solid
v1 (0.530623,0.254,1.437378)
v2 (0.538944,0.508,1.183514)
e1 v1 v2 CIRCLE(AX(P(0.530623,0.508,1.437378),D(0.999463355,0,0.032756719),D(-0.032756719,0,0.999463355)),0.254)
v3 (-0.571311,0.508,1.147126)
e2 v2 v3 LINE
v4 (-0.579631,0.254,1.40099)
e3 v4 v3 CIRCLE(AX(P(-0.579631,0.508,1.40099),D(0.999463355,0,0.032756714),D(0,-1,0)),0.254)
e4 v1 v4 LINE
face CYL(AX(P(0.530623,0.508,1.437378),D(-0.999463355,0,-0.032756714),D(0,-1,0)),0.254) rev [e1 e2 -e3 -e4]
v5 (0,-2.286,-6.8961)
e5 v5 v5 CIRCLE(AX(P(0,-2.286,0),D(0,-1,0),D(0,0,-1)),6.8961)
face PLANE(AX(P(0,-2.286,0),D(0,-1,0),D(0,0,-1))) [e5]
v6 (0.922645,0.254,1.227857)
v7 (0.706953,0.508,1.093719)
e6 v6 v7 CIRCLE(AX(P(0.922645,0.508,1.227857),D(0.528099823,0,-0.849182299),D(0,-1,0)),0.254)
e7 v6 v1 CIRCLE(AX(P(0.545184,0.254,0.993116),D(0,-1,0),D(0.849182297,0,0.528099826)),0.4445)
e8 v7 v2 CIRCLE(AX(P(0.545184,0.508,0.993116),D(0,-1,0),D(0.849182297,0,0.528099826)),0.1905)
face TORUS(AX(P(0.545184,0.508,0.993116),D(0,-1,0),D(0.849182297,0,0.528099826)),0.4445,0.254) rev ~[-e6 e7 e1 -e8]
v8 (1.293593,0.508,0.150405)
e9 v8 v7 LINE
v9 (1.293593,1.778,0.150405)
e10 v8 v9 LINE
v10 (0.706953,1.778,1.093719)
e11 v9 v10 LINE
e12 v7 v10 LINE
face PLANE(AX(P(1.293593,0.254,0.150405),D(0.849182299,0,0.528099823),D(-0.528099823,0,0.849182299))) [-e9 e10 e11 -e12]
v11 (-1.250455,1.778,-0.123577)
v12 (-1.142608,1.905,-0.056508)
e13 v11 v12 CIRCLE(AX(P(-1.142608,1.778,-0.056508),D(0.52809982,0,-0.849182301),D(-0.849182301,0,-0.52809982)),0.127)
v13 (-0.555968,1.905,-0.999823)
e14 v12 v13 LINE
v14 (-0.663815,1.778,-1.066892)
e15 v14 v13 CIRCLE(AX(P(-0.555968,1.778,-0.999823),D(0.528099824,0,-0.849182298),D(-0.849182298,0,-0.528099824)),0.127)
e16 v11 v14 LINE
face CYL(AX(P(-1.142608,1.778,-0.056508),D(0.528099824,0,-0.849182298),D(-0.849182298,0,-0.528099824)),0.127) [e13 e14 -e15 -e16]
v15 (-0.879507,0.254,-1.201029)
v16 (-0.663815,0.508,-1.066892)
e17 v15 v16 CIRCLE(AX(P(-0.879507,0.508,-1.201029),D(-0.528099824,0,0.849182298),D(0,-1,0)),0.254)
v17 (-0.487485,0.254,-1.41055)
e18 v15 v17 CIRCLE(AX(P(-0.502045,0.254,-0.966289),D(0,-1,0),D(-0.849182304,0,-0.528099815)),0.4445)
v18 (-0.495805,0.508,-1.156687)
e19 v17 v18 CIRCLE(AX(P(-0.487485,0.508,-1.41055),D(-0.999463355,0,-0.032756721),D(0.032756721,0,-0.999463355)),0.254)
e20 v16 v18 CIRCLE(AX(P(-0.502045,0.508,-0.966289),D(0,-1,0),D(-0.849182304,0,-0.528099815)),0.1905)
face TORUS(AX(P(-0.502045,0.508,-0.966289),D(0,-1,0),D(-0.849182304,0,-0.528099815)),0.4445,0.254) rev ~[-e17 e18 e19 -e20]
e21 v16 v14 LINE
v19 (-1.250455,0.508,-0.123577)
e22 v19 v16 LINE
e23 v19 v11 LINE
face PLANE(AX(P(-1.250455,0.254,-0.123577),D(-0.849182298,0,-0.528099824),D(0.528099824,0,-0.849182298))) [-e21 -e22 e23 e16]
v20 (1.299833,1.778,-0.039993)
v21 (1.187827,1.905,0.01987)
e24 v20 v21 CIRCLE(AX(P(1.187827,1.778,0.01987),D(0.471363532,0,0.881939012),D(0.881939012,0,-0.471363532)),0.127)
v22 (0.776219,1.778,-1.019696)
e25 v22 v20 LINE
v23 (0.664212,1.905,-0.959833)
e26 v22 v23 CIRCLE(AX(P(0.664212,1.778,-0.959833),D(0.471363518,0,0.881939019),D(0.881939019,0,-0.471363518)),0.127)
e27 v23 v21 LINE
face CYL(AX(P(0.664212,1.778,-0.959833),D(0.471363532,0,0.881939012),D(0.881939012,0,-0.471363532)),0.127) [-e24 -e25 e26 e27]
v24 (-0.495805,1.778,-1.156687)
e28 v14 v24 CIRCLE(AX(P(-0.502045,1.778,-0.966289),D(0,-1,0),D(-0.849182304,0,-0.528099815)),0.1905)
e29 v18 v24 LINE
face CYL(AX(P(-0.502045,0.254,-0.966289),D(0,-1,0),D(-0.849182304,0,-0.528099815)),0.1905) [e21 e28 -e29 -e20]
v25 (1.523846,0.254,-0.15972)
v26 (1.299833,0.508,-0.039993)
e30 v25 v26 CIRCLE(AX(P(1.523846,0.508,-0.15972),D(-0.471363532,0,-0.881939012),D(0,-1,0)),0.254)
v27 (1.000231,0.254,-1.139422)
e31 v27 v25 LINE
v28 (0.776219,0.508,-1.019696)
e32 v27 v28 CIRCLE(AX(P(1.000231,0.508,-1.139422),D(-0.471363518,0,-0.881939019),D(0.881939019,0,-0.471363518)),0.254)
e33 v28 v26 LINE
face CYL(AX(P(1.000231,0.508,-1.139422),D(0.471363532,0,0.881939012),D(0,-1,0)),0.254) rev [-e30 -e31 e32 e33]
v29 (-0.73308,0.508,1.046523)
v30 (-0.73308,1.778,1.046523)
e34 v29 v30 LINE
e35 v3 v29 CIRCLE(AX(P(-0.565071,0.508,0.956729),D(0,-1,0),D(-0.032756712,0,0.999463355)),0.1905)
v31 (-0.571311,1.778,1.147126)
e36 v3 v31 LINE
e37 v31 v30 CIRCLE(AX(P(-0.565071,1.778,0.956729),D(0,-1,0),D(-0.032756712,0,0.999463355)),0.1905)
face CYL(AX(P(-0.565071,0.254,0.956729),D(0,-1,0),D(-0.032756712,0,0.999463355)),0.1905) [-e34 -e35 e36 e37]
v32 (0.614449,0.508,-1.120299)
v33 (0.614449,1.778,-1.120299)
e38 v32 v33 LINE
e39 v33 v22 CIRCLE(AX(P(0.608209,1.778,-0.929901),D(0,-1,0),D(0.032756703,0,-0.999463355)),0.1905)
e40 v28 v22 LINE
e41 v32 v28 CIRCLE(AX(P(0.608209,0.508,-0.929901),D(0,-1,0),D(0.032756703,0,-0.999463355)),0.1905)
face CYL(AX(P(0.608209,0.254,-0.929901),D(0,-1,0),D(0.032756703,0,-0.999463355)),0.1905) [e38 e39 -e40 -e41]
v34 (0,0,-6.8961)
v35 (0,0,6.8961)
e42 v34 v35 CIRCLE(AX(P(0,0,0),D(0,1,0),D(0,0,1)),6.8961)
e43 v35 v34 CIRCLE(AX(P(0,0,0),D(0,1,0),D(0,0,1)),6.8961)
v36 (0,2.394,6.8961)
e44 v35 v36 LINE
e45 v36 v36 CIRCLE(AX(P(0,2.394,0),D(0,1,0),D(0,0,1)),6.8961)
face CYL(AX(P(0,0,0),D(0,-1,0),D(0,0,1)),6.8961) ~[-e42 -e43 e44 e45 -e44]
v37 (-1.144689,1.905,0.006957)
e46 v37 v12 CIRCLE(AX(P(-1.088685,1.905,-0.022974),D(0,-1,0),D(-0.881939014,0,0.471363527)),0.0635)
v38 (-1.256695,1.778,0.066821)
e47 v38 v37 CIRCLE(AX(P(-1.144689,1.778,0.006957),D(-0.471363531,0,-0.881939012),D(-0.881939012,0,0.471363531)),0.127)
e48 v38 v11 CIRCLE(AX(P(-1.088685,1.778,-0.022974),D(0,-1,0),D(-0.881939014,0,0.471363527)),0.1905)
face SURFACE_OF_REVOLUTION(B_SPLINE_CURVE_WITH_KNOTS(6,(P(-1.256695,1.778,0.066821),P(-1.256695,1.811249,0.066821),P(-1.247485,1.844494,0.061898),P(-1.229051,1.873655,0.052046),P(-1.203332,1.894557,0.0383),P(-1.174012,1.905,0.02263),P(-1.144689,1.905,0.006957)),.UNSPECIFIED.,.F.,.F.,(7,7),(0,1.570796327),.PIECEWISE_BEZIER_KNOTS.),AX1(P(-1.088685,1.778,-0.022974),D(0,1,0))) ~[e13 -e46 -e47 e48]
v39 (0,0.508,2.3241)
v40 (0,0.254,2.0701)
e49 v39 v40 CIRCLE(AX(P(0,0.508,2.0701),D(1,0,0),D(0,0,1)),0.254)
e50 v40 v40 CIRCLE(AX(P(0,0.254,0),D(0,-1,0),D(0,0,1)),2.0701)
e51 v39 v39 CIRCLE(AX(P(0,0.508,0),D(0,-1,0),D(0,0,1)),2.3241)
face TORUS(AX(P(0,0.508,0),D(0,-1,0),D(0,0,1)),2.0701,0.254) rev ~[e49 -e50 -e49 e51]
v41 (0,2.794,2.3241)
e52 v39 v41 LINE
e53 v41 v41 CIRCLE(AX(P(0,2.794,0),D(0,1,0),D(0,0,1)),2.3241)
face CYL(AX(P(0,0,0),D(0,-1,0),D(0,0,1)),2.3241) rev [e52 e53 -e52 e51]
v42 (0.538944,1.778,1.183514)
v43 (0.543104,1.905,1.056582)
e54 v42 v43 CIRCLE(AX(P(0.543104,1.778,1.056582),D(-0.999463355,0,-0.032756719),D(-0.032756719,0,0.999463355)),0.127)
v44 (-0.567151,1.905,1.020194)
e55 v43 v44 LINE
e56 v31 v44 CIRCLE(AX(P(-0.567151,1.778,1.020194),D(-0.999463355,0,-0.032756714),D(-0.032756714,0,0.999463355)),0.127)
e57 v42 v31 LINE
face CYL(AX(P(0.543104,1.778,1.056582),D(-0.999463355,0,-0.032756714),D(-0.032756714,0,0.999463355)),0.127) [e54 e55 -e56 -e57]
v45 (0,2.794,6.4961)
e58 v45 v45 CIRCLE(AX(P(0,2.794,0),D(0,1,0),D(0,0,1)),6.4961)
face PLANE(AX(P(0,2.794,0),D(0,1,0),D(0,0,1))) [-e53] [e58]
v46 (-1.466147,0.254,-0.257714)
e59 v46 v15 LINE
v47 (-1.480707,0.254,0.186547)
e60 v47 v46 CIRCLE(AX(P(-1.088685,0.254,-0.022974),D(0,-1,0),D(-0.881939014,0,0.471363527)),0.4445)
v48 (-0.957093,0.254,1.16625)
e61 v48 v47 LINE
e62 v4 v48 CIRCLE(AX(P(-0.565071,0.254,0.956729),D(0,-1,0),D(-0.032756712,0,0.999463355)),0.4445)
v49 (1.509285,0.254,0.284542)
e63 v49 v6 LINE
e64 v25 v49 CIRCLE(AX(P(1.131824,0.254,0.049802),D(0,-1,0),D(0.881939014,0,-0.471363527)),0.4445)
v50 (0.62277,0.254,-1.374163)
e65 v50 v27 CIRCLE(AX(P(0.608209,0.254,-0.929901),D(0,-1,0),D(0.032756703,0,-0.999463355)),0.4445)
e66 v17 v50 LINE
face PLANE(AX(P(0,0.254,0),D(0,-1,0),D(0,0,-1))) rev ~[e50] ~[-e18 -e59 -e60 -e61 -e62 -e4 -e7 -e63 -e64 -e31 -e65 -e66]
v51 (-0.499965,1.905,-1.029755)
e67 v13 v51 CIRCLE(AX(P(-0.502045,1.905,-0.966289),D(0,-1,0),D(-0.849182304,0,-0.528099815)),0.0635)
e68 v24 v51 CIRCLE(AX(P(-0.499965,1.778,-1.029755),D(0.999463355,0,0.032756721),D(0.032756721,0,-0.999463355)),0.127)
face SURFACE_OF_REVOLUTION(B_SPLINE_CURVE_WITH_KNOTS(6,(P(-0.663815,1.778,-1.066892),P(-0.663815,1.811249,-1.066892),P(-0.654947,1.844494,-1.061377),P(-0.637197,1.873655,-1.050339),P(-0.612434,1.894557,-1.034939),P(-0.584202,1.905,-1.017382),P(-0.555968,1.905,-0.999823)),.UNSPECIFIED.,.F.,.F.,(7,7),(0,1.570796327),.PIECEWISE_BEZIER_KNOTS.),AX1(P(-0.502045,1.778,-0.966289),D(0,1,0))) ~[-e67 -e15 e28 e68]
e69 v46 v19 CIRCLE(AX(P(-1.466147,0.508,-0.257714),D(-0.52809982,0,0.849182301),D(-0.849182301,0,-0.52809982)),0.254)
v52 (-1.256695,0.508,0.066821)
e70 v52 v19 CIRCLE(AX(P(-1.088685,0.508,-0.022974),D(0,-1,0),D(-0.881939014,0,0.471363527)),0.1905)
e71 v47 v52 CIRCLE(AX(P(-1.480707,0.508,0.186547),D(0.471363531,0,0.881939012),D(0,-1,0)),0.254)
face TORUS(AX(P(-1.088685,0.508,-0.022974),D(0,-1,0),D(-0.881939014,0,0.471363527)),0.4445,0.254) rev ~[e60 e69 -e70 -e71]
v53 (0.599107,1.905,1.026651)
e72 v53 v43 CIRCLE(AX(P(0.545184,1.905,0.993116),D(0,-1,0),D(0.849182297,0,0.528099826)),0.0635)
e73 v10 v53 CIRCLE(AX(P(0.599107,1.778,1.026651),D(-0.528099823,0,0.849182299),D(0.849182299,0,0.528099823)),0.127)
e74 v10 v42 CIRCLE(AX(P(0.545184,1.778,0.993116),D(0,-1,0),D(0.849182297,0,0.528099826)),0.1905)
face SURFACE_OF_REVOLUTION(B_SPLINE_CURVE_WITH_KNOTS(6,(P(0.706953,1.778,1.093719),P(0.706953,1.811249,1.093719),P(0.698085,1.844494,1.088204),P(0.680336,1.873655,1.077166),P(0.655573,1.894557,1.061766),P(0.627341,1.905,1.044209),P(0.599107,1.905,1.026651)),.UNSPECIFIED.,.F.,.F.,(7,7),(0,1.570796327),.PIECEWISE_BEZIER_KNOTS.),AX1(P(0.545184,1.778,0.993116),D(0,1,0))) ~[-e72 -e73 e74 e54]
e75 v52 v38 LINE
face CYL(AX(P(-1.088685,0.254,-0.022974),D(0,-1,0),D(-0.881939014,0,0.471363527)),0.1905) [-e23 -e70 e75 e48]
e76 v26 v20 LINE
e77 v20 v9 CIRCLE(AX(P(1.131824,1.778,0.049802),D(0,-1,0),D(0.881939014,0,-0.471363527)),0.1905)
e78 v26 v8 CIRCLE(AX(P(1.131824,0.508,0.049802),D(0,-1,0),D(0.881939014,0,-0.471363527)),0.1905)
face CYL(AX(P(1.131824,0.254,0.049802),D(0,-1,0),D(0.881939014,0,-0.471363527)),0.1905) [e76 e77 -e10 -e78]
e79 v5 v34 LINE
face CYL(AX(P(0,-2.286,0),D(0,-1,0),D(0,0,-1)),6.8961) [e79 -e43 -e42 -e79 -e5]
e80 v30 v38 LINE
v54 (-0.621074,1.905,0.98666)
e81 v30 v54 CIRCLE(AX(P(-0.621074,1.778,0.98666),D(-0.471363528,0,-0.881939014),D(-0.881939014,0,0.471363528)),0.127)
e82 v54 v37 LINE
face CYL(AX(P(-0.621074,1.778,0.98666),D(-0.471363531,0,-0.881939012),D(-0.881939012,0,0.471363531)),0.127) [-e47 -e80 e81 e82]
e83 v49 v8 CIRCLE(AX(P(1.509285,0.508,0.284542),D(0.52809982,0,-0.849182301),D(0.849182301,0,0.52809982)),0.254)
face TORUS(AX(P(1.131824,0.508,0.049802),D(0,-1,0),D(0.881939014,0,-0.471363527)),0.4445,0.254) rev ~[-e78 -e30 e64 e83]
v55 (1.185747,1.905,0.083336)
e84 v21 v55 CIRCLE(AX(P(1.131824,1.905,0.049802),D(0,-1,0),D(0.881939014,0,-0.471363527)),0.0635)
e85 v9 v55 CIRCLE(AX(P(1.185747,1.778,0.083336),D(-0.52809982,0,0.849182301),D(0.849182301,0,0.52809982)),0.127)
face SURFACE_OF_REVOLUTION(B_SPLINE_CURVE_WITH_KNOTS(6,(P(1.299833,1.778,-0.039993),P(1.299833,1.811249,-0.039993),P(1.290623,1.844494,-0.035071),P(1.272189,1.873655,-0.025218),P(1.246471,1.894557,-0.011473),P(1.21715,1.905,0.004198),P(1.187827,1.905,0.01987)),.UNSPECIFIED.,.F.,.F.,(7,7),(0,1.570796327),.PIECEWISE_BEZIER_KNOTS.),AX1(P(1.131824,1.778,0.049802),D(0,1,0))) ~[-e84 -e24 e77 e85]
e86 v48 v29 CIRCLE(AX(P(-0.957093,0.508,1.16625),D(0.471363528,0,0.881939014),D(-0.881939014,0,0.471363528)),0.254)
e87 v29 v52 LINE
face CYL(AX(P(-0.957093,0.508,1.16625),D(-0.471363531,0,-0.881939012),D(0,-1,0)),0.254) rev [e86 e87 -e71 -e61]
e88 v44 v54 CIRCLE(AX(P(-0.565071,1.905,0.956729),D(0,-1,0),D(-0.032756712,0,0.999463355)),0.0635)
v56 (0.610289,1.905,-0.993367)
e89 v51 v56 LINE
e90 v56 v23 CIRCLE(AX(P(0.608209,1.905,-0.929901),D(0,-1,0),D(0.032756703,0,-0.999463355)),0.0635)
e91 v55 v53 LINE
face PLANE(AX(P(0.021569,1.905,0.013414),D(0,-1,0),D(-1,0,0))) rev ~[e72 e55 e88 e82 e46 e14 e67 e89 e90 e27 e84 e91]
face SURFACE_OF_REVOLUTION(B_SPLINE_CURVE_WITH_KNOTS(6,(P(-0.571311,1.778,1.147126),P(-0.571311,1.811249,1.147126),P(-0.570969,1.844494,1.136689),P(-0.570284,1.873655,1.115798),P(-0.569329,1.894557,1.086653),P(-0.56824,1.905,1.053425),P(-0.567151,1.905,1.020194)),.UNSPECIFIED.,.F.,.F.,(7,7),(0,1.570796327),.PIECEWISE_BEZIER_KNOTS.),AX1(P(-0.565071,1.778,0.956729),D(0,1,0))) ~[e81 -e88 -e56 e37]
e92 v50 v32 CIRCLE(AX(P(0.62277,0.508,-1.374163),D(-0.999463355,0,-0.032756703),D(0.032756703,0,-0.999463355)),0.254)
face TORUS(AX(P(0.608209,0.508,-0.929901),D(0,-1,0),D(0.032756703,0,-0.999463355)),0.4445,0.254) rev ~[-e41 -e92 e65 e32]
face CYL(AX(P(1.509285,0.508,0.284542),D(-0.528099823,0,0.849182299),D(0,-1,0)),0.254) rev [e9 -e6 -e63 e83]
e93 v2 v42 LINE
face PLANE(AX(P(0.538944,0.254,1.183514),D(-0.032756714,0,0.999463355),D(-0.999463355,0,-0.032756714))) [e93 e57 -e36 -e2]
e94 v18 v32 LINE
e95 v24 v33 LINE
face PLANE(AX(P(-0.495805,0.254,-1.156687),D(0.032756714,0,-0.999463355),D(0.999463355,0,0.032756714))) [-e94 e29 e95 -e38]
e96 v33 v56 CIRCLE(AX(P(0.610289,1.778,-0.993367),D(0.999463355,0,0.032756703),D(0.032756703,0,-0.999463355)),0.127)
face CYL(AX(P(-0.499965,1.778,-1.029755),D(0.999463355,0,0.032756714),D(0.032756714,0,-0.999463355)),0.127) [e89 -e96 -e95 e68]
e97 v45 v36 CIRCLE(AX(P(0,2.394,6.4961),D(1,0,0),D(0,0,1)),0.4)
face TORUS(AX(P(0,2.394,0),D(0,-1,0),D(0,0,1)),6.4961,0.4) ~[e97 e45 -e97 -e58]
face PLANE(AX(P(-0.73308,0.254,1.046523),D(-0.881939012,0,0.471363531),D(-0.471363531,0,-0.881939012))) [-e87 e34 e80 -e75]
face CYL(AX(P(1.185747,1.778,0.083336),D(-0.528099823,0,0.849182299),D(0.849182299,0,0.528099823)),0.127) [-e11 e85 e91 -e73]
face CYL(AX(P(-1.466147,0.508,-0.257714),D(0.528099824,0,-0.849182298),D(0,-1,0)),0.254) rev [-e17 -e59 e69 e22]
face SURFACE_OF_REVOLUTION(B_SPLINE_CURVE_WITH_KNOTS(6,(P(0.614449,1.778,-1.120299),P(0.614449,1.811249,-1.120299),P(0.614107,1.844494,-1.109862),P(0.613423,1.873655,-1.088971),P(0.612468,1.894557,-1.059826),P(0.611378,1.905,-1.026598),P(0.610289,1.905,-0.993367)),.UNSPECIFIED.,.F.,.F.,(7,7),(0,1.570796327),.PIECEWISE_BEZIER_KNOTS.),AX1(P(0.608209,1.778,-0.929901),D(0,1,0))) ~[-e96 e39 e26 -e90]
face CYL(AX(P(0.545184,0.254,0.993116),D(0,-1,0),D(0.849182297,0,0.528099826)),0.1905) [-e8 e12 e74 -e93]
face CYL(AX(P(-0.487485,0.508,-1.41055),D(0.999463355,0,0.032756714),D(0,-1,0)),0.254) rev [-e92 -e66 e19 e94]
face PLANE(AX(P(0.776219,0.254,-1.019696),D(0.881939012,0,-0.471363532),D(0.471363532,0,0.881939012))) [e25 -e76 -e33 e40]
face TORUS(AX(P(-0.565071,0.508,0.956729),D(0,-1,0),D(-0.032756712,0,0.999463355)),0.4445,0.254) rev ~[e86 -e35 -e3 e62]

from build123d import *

# Parameters (mm, degrees)
SKETCH1_R           = 6.8961
SKETCH1_R_2         = 2.3241
BOSS_EXTRUDE1_DEPTH = 2.794
SKETCH2_R           = 2.3241
BOSS_EXTRUDE2_DEPTH = 0.254
BOSS_EXTRUDE3_DEPTH = 1.651
BOSS_EXTRUDE4_START = 2.286
SKETCH4_R           = 6.8961
BOSS_EXTRUDE4_DEPTH = 2.286
FILLET1_R           = 0.254
FILLET2_R           = 0.127
FILLET3_R           = 0.4


with BuildPart() as part:
    # Sketch1 → Boss-Extrude1 (new body)
    with BuildSketch(Plane(origin=(0, 0, 0), x_dir=(1, 0, 0), z_dir=(0, 1, 0))):
        with Locations(Location((0, 0, 0), (0, 0, 270))):
            Circle(SKETCH1_R)
        with Locations(Location((0, 0, 0), (0, 0, 270))):
            Circle(SKETCH1_R_2, mode=Mode.SUBTRACT)
    extrude(amount=BOSS_EXTRUDE1_DEPTH)

    # Sketch2 → Boss-Extrude2 (add)
    with BuildSketch(Plane.XZ):
        with Locations(Location((0, 0, 0), (0, 0, 270))):
            Circle(SKETCH2_R)
    extrude(amount=-BOSS_EXTRUDE2_DEPTH)

    # Sketch3 → Boss-Extrude3 (add)
    with BuildSketch(Plane(origin=(0, 0.254, 0), x_dir=(1, 0, 0), z_dir=(0, 1, 0))):
        with BuildLine():
            Line((-0.495805164, 1.156686678), (0.614449488, 1.120298857))
            ThreePointArc((0.614449488, 1.120298857), (0.708812351, 1.091670316), (0.776218716, 1.01969584))
            Line((0.776218716, 1.01969584), (1.299833265, 0.039993196))
            ThreePointArc((1.299833265, 0.039993196), (1.322221652, -0.056041711), (1.293593111, -0.150404573))
            Line((1.293593111, -0.150404573), (0.706953007, -1.093719397))
            ThreePointArc((0.706953007, -1.093719397), (0.634978532, -1.161125762), (0.538943625, -1.183514149))
            Line((0.538943625, -1.183514149), (-0.571311028, -1.147126328))
            ThreePointArc((-0.571311028, -1.147126328), (-0.66567389, -1.118497787), (-0.733080255, -1.046523312))
            Line((-0.733080255, -1.046523312), (-1.256694804, -0.066820667))
            ThreePointArc((-1.256694804, -0.066820667), (-1.279083191, 0.02921424), (-1.25045465, 0.123577102))
            Line((-1.25045465, 0.123577102), (-0.663814546, 1.066891925))
            ThreePointArc((-0.663814546, 1.066891925), (-0.591840071, 1.134298291), (-0.495805164, 1.156686678))
        make_face()
    extrude(amount=BOSS_EXTRUDE3_DEPTH)

    # Sketch4 → Boss-Extrude4 (add)
    with BuildSketch(Plane.XZ.offset(BOSS_EXTRUDE4_START)):
        with Locations(Location((0, 0, 0), (0, 0, 270))):
            Circle(SKETCH4_R)
    extrude(amount=-BOSS_EXTRUDE4_DEPTH)

    # Fillet1
    fillet1_edges = [part.edges().sort_by_distance(p)[0] for p in [
        (0, 0.254, -2.3241),
        (0.708812351, 0.254, -1.091670316),
        (0.059322162, 0.254, -1.138492768),
        (-0.591840071, 0.254, -1.134298291),
        (-0.957134598, 0.254, -0.595234514),
        (-1.279083191, 0.254, -0.02921424),
        (-0.99488753, 0.254, 0.556671989),
        (-0.66567389, 0.254, 1.118497787),
        (-0.016183701, 0.254, 1.165320239),
        (0.634978532, 0.254, 1.161125762),
        (1.000273059, 0.254, 0.622061985),
        (1.322221652, 0.254, 0.056041711),
        (1.038025991, 0.254, -0.529844518),
    ]]
    fillet(fillet1_edges, radius=FILLET1_R)

    # Fillet2
    fillet2_edges = [part.edges().sort_by_distance(p)[0] for p in [
        (0.708812351, 1.905, -1.091670316),
        (0.059322162, 1.905, -1.138492768),
        (-0.591840071, 1.905, -1.134298291),
        (-0.957134598, 1.905, -0.595234514),
        (-1.279083191, 1.905, -0.02921424),
        (-0.99488753, 1.905, 0.556671989),
        (-0.66567389, 1.905, 1.118497787),
        (-0.016183701, 1.905, 1.165320239),
        (0.634978532, 1.905, 1.161125762),
        (1.000273059, 1.905, 0.622061985),
        (1.322221652, 1.905, 0.056041711),
        (1.038025991, 1.905, -0.529844518),
    ]]
    fillet(fillet2_edges, radius=FILLET2_R)

    # Fillet3
    fillet3_edges = [part.edges().sort_by_distance(p)[0] for p in [
        (0, 2.794, -6.8961),
    ]]
    fillet(fillet3_edges, radius=FILLET3_R)


solid = part.part
